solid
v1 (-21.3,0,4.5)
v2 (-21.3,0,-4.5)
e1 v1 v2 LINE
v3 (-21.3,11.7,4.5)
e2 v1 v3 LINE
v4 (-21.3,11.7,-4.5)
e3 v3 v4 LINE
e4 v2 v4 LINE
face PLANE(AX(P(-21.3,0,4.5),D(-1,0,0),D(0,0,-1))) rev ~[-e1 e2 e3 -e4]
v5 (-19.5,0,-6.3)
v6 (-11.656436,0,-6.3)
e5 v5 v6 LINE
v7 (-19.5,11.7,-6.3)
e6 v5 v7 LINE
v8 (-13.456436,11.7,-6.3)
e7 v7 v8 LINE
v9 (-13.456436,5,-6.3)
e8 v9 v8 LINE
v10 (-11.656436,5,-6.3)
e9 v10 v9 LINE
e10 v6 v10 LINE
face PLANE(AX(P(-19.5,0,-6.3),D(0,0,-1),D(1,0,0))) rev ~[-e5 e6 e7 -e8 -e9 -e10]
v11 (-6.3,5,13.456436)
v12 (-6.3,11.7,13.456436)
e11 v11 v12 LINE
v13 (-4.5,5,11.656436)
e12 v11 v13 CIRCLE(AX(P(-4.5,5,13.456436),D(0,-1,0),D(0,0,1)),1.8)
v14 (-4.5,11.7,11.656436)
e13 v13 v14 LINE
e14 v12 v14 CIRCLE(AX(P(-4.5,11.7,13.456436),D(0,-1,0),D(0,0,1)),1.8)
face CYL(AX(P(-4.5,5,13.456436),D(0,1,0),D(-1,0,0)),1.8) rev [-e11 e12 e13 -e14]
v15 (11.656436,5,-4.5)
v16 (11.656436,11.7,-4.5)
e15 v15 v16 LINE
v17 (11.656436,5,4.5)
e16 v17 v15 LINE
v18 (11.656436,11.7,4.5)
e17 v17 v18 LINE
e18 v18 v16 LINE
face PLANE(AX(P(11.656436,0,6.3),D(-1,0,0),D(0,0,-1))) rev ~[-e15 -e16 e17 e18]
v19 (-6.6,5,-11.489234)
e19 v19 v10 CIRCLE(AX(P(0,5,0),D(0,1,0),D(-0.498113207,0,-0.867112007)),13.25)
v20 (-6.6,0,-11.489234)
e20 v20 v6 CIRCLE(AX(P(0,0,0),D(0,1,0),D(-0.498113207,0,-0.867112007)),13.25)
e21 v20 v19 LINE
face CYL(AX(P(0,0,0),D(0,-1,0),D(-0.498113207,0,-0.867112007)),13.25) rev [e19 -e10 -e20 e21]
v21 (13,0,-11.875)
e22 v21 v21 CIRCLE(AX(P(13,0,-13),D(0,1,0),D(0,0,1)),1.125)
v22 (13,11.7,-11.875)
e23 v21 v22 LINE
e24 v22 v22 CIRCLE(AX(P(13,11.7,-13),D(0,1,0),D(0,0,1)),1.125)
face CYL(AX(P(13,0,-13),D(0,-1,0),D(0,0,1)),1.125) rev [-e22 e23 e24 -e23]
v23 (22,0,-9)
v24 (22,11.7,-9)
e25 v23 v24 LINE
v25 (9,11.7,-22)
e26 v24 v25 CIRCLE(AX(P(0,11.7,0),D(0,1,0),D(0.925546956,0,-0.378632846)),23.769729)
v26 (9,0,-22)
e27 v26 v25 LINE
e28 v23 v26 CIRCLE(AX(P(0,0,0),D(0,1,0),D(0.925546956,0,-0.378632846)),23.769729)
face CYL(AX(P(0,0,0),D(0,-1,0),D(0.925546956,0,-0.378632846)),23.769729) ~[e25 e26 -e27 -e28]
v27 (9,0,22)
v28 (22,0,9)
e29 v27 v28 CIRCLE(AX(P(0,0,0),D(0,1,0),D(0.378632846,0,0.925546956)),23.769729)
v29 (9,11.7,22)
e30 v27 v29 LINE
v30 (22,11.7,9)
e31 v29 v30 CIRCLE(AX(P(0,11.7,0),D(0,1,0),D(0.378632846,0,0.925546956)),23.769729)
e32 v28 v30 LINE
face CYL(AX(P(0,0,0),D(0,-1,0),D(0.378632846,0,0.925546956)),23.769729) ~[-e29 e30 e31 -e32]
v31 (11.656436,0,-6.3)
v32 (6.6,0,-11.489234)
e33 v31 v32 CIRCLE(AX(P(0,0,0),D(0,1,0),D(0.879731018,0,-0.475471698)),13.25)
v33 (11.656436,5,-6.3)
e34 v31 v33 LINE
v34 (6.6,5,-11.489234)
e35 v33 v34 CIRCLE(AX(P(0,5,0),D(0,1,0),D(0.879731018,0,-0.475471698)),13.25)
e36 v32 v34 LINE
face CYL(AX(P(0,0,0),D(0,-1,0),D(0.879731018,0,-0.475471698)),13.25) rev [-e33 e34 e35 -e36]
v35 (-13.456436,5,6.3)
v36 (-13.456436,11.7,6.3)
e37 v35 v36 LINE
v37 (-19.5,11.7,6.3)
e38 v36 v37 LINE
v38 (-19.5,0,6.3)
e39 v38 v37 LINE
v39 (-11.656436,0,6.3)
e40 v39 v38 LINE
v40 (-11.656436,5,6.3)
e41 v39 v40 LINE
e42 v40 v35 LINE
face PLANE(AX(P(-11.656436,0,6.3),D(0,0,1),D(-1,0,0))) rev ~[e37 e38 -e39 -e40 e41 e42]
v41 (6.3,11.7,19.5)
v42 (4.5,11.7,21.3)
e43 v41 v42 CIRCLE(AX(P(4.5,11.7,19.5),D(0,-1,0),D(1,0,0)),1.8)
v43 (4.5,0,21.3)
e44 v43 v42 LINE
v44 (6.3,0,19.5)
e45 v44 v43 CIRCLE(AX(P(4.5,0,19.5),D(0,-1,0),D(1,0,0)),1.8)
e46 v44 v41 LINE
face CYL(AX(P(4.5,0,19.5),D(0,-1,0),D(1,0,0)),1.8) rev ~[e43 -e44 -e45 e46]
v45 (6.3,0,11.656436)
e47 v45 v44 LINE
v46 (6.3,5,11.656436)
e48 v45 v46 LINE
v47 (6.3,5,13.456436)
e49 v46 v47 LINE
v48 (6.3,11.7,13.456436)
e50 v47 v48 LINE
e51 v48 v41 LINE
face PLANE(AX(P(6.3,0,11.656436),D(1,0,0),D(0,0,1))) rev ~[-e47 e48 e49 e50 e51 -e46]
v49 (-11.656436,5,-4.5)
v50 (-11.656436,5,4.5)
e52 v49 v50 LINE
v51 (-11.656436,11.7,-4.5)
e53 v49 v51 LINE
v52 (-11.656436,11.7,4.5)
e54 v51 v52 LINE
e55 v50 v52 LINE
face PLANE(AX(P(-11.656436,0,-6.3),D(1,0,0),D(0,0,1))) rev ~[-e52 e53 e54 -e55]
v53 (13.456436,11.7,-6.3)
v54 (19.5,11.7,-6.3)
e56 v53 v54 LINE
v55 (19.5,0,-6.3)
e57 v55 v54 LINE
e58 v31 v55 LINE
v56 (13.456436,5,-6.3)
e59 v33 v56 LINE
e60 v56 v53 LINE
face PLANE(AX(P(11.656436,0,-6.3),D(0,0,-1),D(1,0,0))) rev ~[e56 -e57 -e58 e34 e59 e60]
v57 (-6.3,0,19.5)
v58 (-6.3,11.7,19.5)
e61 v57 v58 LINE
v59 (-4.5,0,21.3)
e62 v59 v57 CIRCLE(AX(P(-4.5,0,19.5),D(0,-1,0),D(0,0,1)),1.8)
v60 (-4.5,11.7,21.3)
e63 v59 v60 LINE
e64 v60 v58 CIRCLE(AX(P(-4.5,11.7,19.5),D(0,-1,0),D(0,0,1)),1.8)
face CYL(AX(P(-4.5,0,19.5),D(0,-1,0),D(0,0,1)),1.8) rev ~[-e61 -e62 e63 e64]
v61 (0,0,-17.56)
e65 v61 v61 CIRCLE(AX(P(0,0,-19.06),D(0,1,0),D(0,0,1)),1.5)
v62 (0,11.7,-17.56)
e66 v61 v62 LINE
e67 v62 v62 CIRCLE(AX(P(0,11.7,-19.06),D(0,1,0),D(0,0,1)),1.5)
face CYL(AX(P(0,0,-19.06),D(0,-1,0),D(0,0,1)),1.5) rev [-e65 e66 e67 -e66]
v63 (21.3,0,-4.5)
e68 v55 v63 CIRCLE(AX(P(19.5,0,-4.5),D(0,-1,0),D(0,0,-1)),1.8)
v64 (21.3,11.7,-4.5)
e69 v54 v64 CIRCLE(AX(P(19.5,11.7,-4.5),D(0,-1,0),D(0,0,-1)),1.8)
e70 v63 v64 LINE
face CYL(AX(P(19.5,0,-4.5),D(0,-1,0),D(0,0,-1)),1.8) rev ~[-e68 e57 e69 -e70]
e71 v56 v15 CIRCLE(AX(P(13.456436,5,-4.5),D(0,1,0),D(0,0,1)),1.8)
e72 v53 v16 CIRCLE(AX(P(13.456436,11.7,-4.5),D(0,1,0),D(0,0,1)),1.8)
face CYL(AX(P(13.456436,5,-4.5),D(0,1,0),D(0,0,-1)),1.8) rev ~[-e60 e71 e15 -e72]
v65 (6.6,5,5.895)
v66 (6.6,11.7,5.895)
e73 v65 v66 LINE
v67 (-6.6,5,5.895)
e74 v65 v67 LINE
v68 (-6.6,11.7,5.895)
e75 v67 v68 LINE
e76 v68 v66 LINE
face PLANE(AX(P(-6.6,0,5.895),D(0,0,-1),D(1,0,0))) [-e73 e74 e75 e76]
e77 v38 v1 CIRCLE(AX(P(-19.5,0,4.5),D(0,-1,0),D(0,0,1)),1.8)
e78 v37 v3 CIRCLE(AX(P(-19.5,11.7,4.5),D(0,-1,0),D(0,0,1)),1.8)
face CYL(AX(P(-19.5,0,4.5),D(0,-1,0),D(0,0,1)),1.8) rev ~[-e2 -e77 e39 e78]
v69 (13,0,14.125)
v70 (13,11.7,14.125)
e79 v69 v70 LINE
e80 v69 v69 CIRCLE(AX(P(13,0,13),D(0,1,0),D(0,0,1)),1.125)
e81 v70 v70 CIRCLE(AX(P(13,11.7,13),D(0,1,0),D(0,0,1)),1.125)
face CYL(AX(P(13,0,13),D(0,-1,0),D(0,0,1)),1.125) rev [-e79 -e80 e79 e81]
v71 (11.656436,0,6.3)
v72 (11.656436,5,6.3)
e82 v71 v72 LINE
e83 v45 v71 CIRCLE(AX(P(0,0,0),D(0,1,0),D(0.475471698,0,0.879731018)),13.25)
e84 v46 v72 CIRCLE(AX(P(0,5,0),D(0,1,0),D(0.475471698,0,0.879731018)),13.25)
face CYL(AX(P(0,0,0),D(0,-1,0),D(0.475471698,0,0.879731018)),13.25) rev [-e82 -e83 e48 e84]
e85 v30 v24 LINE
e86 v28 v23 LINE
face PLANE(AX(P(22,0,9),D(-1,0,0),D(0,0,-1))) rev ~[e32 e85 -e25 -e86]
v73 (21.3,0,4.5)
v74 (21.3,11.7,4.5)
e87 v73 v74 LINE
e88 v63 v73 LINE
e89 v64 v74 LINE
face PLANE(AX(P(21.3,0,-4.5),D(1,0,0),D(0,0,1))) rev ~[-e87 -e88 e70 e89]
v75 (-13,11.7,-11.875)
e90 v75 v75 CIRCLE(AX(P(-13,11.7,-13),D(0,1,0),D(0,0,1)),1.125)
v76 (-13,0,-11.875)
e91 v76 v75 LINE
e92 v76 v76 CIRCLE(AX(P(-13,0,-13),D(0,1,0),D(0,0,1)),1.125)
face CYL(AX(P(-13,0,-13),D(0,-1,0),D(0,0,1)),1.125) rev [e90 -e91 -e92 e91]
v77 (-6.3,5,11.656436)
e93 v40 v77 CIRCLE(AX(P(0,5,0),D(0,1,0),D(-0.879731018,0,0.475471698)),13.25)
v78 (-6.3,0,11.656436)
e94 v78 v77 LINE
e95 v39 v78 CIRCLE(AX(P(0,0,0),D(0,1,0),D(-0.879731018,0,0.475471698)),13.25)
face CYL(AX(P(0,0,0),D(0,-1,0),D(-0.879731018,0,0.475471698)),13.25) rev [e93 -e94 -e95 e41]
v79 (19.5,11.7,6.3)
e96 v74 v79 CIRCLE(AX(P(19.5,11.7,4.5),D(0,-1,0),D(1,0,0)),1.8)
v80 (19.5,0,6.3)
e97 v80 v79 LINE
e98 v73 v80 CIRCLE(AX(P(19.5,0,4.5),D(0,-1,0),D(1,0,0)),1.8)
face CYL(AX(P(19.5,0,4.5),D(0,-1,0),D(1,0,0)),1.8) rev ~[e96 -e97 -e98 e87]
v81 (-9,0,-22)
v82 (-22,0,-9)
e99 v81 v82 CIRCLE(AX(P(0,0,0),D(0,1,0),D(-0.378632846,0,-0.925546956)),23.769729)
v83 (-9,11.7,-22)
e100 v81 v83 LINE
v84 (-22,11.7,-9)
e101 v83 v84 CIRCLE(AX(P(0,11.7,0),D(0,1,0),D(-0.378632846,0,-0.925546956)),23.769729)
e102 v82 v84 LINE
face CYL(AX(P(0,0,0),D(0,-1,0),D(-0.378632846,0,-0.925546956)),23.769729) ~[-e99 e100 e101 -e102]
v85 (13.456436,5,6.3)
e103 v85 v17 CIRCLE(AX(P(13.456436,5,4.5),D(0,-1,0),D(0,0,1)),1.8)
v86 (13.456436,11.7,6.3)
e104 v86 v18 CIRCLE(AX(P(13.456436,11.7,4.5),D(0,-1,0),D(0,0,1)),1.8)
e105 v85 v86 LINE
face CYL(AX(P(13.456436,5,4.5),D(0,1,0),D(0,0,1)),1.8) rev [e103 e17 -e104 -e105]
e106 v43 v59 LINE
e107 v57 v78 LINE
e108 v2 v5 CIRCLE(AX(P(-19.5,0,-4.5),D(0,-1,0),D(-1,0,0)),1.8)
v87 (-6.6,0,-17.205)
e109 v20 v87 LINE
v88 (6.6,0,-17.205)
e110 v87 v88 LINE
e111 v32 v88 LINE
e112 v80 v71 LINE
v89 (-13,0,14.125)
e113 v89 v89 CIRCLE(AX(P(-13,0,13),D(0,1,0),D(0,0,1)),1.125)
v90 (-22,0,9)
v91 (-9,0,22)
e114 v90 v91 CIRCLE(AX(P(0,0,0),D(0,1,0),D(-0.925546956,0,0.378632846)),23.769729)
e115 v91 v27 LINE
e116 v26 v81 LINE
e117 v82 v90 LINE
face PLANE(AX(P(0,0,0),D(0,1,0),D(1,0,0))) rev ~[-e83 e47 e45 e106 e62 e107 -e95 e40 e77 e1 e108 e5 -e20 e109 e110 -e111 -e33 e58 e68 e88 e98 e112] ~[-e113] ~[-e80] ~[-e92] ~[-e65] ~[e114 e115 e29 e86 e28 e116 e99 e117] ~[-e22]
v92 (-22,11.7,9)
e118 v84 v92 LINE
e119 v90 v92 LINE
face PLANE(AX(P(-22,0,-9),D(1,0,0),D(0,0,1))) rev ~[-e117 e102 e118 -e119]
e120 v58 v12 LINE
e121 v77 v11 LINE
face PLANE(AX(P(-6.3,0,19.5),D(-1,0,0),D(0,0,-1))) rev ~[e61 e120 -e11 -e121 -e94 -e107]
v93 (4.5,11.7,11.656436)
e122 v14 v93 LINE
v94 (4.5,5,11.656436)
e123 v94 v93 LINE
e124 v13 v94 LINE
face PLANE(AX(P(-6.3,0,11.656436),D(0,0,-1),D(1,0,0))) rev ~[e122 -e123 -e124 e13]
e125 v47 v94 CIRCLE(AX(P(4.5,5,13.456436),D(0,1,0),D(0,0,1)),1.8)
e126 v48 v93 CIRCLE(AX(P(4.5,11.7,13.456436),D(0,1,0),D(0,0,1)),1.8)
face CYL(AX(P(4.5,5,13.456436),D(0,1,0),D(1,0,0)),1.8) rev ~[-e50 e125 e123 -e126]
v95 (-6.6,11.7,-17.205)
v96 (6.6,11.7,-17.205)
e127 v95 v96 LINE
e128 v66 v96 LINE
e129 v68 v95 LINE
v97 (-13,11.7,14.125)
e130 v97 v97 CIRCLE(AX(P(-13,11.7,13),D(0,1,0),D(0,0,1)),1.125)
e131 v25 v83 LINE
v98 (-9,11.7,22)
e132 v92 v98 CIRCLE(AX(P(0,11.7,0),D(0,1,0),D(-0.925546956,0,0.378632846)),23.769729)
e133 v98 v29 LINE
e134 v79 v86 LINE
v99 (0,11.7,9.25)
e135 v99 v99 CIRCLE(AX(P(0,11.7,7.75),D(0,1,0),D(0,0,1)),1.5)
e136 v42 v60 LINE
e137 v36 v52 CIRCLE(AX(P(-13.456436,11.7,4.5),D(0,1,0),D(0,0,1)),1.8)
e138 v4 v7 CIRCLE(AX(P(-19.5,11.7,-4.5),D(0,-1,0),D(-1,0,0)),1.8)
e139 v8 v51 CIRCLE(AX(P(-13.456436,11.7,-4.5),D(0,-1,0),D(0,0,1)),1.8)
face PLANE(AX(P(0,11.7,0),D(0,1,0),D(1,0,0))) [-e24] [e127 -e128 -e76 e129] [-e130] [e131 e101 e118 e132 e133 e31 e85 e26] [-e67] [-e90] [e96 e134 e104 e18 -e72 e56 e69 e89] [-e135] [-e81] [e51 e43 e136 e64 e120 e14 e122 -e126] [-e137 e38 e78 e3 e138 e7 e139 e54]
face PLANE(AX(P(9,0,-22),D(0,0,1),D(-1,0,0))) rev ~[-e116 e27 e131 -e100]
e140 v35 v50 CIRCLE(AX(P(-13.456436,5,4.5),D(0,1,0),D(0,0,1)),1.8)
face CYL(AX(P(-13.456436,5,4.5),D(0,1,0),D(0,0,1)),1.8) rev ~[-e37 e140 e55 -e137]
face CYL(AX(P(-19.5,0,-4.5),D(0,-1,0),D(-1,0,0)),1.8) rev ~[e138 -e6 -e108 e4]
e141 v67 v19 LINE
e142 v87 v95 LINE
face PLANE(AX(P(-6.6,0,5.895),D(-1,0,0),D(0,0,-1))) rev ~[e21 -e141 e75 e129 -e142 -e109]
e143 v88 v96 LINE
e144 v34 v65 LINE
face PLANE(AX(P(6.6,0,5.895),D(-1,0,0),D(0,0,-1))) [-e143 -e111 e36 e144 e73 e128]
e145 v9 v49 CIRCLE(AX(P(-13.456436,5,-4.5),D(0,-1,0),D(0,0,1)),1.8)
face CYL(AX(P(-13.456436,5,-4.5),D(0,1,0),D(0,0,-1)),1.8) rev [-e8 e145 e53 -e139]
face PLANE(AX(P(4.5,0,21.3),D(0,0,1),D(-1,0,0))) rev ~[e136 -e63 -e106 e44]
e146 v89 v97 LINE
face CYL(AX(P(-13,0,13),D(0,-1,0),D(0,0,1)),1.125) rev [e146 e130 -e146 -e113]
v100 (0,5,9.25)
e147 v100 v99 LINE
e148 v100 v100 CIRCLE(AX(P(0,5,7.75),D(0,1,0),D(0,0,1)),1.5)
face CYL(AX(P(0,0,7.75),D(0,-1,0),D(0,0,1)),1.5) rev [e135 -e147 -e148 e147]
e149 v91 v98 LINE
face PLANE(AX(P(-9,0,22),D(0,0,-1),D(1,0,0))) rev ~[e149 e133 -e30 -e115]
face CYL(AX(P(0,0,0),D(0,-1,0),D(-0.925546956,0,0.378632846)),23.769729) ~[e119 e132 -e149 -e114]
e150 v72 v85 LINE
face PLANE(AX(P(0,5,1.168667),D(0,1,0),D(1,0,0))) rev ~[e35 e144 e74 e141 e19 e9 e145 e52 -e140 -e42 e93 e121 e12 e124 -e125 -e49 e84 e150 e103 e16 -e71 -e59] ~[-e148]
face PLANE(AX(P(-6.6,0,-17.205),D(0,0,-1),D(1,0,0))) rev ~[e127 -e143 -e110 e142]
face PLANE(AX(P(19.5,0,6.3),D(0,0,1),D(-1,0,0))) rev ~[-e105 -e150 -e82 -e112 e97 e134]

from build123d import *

# Parameters (mm, degrees)
SKETCH2_R           = 1.125
SKETCH2_R_2         = 1.5
SKETCH2_W           = 13.2
SKETCH2_H           = 23.1
BOSS_EXTRUDE3_DEPTH = 11.7
SKETCH2_9_R         = 1.5
CUT_EXTRUDE3_DEPTH  = 5
FILLET1_R           = 1.8


with BuildPart() as part:
    # Sketch2 → Boss-Extrude3 (new body)
    with BuildSketch(Plane(origin=(0, 0, 0), x_dir=(1, 0, 0), z_dir=(0, 1, 0))):
        with BuildLine():
            ThreePointArc((-9, 22), (-16.807736314, 16.807736314), (-22, 9))
            Line((-22, 9), (-22, -9))
            ThreePointArc((-22, -9), (-16.807736314, -16.807736314), (-9, -22))
            Line((-9, -22), (9, -22))
            ThreePointArc((9, -22), (16.807736314, -16.807736314), (22, -9))
            Line((22, -9), (22, 9))
            ThreePointArc((22, 9), (16.807736314, 16.807736314), (9, 22))
            Line((9, 22), (-9, 22))
        make_face()
        with Locations(Location((-13, -13, 0), (0, 0, 270))):
            Circle(SKETCH2_R, mode=Mode.SUBTRACT)
        with BuildLine():
            Line((6.3, -11.65643599), (6.3, -19.5))
            ThreePointArc((6.3, -19.5), (5.772792206, -20.772792206), (4.5, -21.3))
            Line((4.5, -21.3), (-4.5, -21.3))
            ThreePointArc((-4.5, -21.3), (-5.772792206, -20.772792206), (-6.3, -19.5))
            Line((-6.3, -19.5), (-6.3, -11.65643599))
            Line((-6.3, -11.65643599), (6.3, -11.65643599))
        make_face(mode=Mode.SUBTRACT)
        with Locations(Location((13, -13, 0), (0, 0, 270))):
            Circle(SKETCH2_R, mode=Mode.SUBTRACT)
        with Locations(Location((0, -7.75, 0), (0, 0, 270))):
            Circle(SKETCH2_R_2, mode=Mode.SUBTRACT)
        with BuildLine():
            Line((-19.5, 6.3), (-11.65643599, 6.3))
            Line((-11.65643599, 6.3), (-11.65643599, -6.3))
            Line((-11.65643599, -6.3), (-19.5, -6.3))
            ThreePointArc((-19.5, -6.3), (-20.772792206, -5.772792206), (-21.3, -4.5))
            Line((-21.3, -4.5), (-21.3, 4.5))
            ThreePointArc((-21.3, 4.5), (-20.772792206, 5.772792206), (-19.5, 6.3))
        make_face(mode=Mode.SUBTRACT)
        with Locations(Location((0, 19.06, 0), (0, 0, 270))):
            Circle(SKETCH2_R_2, mode=Mode.SUBTRACT)
        with Locations((0, 5.655)):
            Rectangle(SKETCH2_W, SKETCH2_H, mode=Mode.SUBTRACT)
        with BuildLine():
            Line((11.65643599, 6.3), (19.5, 6.3))
            ThreePointArc((19.5, 6.3), (20.772792206, 5.772792206), (21.3, 4.5))
            Line((21.3, 4.5), (21.3, -4.5))
            ThreePointArc((21.3, -4.5), (20.772792206, -5.772792206), (19.5, -6.3))
            Line((19.5, -6.3), (11.65643599, -6.3))
            Line((11.65643599, -6.3), (11.65643599, 6.3))
        make_face(mode=Mode.SUBTRACT)
        with Locations(Location((13, 13, 0), (0, 0, 270))):
            Circle(SKETCH2_R, mode=Mode.SUBTRACT)
        with Locations(Location((-13, 13, 0), (0, 0, 270))):
            Circle(SKETCH2_R, mode=Mode.SUBTRACT)
    extrude(amount=BOSS_EXTRUDE3_DEPTH)

    # Sketch2<9> → Cut-Extrude3 (cut)
    with BuildSketch(Plane(origin=(0, 0, 0), x_dir=(1, 0, 0), z_dir=(0, 1, 0))):
        with BuildLine():
            Line((-6.3, -11.65643599), (6.3, -11.65643599))
            ThreePointArc((6.3, -11.65643599), (9.369164851, -9.369164851), (11.65643599, -6.3))
            Line((11.65643599, -6.3), (11.65643599, 6.3))
            ThreePointArc((11.65643599, 6.3), (9.489805129, 9.246950774), (6.6, 11.489234091))
            Line((6.6, 11.489234091), (6.6, -5.895))
            Line((6.6, -5.895), (-6.6, -5.895))
            Line((-6.6, -5.895), (-6.6, 11.489234091))
            ThreePointArc((-6.6, 11.489234091), (-9.489805129, 9.246950774), (-11.65643599, 6.3))
            Line((-11.65643599, 6.3), (-11.65643599, -6.3))
            ThreePointArc((-11.65643599, -6.3), (-9.369164851, -9.369164851), (-6.3, -11.65643599))
        make_face()
        with Locations(Location((0, -7.75, 0), (0, 0, 270))):
            Circle(SKETCH2_9_R, mode=Mode.SUBTRACT)
    extrude(amount=CUT_EXTRUDE3_DEPTH, mode=Mode.SUBTRACT)

    # Fillet1
    fillet1_edges = [part.edges().sort_by_distance(p)[0] for p in [
        (-11.65643599, 8.35, 6.3),
        (-11.65643599, 8.35, -6.3),
        (6.3, 8.35, 11.65643599),
        (-6.3, 8.35, 11.65643599),
        (11.65643599, 8.35, -6.3),
        (11.65643599, 8.35, 6.3),
    ]]
    fillet(fillet1_edges, radius=FILLET1_R)


solid = part.part
